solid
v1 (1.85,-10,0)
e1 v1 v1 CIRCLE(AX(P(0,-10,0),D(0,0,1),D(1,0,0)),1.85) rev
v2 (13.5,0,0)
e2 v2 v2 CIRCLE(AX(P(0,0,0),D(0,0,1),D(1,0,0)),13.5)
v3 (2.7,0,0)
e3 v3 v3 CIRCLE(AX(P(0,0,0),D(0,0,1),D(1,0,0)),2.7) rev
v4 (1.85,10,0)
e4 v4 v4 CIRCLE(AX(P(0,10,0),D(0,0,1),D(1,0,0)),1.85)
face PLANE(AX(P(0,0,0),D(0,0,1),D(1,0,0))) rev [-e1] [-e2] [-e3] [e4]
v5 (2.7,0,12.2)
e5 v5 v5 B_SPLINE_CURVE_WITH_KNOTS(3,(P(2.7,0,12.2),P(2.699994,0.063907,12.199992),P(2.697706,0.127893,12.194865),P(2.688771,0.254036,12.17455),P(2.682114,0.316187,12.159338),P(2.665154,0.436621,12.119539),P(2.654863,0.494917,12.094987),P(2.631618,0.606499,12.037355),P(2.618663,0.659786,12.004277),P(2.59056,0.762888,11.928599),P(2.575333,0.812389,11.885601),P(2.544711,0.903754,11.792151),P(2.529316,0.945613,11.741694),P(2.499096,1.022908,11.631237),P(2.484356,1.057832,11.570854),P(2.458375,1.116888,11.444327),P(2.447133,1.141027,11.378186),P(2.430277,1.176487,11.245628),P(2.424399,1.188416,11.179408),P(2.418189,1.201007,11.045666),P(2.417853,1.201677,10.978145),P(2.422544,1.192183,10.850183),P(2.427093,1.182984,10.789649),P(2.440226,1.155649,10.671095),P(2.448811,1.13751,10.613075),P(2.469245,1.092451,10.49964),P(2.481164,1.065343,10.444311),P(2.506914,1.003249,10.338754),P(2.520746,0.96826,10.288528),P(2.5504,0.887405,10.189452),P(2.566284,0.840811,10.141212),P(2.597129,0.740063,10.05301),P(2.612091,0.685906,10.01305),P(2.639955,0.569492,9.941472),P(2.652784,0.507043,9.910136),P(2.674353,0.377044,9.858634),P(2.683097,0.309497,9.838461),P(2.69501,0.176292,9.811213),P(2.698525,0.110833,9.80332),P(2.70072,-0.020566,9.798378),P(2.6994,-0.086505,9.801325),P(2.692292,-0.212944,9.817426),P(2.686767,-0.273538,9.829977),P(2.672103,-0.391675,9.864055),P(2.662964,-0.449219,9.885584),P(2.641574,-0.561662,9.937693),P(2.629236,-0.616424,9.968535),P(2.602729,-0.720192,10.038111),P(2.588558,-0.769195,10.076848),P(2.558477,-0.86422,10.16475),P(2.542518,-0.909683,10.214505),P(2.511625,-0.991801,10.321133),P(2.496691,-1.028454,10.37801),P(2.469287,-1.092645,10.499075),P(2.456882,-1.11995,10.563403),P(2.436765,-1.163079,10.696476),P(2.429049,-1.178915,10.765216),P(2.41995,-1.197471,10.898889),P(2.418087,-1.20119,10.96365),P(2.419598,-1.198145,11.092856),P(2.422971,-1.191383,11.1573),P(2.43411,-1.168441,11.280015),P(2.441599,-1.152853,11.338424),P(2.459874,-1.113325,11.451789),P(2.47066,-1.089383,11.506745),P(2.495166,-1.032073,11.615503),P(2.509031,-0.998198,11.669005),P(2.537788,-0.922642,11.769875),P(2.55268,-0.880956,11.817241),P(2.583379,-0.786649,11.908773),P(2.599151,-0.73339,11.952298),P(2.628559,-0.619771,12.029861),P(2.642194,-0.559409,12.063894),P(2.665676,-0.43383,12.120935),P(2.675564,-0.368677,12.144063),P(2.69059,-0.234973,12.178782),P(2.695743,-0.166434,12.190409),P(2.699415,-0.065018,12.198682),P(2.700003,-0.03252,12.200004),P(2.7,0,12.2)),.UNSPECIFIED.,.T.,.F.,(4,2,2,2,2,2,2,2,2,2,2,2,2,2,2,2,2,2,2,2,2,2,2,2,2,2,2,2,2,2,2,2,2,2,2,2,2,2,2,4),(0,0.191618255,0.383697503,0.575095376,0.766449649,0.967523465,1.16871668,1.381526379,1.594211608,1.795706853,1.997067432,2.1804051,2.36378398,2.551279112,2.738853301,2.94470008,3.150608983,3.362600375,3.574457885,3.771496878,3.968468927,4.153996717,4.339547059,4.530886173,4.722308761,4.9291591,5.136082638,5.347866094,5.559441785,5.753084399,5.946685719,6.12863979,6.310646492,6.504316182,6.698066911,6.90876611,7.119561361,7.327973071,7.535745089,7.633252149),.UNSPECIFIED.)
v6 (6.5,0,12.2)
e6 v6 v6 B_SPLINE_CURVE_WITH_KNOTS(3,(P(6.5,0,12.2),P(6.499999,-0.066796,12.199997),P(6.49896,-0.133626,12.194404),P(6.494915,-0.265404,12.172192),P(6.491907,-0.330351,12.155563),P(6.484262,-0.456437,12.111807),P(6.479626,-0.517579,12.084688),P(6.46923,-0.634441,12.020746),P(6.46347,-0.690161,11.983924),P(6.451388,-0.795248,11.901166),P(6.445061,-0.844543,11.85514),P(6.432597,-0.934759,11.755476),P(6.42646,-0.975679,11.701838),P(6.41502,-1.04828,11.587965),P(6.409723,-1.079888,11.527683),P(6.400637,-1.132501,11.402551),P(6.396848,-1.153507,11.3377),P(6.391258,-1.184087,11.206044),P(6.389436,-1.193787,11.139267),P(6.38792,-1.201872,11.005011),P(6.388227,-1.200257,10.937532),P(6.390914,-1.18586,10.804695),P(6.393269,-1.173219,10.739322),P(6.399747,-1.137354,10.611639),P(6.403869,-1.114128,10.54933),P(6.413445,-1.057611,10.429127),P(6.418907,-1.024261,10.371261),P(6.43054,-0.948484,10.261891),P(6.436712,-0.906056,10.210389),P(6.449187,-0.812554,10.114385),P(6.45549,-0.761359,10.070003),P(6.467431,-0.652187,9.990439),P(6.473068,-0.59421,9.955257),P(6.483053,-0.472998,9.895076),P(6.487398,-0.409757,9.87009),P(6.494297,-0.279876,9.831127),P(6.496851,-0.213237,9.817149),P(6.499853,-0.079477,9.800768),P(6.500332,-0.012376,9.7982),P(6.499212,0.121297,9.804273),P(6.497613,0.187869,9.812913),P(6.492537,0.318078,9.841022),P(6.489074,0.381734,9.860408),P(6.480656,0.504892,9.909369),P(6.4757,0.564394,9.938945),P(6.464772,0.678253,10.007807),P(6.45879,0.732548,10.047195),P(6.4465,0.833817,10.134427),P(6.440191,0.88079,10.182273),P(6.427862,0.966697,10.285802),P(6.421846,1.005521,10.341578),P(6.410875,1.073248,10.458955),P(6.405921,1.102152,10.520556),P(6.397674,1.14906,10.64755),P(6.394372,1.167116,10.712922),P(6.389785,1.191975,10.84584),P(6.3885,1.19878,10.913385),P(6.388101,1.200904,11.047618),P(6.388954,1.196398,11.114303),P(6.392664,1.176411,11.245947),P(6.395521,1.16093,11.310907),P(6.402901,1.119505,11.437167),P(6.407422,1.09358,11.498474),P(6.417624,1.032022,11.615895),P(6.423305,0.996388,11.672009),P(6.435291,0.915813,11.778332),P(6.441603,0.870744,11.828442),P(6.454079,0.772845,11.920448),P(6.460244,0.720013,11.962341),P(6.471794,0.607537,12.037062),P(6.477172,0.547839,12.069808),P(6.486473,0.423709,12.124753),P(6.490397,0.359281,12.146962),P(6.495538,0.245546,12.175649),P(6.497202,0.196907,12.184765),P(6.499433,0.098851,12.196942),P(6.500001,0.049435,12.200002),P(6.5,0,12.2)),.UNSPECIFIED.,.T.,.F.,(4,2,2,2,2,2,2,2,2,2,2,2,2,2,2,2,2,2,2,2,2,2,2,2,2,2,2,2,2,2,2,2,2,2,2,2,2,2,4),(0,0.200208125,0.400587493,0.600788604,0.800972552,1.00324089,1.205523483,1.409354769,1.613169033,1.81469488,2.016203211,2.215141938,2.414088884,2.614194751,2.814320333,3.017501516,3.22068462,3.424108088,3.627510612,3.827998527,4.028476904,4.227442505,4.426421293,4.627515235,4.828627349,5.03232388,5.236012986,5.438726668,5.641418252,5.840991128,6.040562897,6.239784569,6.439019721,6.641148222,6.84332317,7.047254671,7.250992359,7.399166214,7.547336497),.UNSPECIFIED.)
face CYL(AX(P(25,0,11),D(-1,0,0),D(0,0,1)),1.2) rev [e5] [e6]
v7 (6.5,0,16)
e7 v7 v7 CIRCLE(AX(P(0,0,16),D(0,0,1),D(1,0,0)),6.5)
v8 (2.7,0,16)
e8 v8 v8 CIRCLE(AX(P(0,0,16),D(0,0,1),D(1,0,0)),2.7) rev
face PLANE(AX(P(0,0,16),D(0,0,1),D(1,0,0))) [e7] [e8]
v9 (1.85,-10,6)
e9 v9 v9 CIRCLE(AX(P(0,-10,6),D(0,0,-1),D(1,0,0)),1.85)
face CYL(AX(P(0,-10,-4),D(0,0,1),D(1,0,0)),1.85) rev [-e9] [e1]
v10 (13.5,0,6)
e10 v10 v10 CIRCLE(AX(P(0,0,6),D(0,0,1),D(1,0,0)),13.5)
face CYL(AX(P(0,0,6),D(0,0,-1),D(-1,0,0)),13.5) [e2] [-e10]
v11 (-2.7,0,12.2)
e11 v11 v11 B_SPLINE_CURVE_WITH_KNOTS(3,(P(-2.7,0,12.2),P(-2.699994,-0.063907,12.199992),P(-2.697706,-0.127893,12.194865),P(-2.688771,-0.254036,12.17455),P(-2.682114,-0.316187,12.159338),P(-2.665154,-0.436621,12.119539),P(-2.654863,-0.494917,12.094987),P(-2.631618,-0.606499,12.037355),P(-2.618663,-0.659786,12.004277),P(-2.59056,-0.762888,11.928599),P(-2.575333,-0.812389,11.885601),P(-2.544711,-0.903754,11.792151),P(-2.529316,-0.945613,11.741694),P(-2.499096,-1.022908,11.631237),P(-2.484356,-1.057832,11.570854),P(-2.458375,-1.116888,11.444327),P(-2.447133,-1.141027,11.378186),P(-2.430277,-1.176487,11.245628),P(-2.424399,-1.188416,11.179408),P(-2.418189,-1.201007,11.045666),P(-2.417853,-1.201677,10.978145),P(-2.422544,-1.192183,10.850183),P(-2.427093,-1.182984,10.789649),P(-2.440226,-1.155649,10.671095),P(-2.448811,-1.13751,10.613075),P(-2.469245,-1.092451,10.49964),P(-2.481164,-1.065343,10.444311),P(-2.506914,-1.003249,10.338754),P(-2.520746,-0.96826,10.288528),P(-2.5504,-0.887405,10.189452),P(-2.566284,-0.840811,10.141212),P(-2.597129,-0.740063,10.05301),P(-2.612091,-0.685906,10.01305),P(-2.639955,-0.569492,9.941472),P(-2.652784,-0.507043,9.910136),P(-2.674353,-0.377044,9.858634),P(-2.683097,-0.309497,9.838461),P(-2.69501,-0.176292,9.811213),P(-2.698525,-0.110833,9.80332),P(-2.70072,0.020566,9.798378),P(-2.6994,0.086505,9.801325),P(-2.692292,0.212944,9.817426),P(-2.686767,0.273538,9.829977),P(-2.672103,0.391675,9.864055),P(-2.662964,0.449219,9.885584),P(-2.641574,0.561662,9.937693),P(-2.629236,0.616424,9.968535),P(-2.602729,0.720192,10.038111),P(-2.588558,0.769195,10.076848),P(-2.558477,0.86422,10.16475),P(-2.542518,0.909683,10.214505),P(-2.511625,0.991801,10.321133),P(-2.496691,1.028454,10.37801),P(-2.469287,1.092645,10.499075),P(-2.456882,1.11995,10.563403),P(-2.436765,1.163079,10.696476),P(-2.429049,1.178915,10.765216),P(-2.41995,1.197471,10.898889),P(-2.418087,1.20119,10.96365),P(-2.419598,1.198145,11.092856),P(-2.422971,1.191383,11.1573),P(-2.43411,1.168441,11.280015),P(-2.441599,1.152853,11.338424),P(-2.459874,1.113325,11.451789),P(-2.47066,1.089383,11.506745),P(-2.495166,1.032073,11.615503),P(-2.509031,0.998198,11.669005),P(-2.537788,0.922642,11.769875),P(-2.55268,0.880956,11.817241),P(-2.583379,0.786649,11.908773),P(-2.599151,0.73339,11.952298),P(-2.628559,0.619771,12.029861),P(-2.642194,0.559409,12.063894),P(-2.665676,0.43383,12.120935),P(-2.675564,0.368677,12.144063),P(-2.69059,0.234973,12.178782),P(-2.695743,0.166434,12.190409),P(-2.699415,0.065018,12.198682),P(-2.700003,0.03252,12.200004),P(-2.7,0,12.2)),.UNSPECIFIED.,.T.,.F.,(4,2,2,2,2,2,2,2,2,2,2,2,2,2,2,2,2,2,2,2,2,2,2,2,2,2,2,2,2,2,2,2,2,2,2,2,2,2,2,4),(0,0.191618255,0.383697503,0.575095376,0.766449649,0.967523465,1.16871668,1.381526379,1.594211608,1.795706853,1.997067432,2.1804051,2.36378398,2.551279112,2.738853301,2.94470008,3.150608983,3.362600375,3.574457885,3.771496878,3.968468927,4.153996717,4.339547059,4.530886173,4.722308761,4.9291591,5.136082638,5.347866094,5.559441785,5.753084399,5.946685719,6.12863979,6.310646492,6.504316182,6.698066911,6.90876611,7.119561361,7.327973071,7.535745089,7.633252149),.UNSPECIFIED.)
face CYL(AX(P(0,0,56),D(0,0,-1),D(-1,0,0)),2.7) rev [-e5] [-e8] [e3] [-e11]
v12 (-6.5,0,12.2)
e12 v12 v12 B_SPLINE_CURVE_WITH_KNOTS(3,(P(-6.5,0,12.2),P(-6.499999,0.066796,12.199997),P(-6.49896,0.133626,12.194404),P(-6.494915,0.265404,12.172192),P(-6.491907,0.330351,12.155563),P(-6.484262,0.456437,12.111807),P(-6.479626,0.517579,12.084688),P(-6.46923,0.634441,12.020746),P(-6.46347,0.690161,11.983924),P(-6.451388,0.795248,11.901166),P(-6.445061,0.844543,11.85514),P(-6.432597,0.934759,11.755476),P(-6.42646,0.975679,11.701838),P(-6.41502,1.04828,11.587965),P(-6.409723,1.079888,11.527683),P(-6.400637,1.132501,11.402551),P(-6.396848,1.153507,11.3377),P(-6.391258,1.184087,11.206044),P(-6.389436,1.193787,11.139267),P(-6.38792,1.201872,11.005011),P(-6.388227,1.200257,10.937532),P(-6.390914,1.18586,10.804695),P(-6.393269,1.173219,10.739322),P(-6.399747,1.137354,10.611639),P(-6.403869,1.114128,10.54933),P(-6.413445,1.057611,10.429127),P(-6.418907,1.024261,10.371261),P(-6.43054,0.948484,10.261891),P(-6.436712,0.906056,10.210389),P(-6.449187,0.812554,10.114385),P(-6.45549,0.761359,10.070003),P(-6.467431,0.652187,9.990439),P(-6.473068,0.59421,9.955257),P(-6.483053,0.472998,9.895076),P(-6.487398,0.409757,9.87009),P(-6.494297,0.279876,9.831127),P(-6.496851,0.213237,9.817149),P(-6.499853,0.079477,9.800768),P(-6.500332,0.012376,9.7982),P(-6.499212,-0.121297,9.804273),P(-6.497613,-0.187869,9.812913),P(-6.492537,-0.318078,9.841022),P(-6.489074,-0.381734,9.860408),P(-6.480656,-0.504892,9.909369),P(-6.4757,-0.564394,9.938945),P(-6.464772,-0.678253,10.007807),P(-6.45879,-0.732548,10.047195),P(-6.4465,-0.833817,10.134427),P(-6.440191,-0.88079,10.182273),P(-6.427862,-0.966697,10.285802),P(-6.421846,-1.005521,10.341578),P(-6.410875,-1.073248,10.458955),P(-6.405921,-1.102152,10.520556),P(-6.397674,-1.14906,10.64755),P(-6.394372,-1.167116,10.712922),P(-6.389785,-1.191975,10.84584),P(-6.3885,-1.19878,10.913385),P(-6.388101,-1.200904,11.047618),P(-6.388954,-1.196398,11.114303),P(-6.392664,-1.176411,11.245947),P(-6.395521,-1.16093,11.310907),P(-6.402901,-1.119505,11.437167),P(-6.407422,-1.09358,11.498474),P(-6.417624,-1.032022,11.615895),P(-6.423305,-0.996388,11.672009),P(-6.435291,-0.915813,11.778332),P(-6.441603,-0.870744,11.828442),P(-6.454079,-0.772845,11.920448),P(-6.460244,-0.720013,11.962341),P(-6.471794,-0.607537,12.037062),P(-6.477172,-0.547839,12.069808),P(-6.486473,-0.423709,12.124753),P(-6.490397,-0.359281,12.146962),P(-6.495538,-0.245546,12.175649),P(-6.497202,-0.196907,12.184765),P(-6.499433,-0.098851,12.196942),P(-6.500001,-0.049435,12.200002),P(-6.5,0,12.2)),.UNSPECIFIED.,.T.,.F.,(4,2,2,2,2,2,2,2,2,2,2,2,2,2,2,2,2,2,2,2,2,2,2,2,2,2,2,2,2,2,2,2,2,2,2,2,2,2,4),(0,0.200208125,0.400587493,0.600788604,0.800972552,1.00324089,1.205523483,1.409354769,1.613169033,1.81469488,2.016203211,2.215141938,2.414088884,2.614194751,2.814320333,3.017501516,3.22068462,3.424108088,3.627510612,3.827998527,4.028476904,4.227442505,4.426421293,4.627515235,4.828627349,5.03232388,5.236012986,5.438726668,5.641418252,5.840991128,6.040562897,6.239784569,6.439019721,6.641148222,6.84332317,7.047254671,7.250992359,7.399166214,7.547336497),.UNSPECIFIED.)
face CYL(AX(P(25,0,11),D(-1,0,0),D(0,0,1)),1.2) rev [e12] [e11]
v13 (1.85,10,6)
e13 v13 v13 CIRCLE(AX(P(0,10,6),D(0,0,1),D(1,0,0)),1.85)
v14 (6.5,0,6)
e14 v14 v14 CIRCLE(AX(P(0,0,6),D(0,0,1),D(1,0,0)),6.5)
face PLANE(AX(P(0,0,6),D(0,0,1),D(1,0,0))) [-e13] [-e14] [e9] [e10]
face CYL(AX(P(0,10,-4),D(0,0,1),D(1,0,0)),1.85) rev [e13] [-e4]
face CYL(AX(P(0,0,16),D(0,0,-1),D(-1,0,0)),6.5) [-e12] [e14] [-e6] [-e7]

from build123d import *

# Parameters (mm, degrees)
SKETCH2_R               = 13.5
BOSS_EXTRUDE1_DEPTH     = 6
SKETCH3_R               = 6.5
SKETCH3_R_2             = 2.5
BOSS_EXTRUDE2_DEPTH     = 10
CUT_EXTRUDE1_DEPTH      = 25
CUT_EXTRUDE1_DEPTH_BACK = 25
SKETCH4_R               = 1.2
CUT_EXTRUDE3_DEPTH      = 50
CUT_EXTRUDE3_DEPTH_BACK = 20
SKETCH6_R               = 2.7
SKETCH5_R               = 1.85
CUT_EXTRUDE4_DEPTH      = 10


with BuildPart() as part:
    # Sketch2 → Boss-Extrude1 (new body)
    with BuildSketch(Plane.XY):
        Circle(SKETCH2_R)
    extrude(amount=BOSS_EXTRUDE1_DEPTH)

    # Sketch3 → Boss-Extrude2 (add)
    with BuildSketch(Plane.XY.offset(6)):
        Circle(SKETCH3_R)
        Circle(SKETCH3_R_2, mode=Mode.SUBTRACT)
    extrude(amount=BOSS_EXTRUDE2_DEPTH)

    # Sketch4 → Cut-Extrude1 (cut, two sides: drawn at the far end of the back side and taken through both)
    with BuildSketch(Plane(origin=(0, 0, 0), x_dir=(0, -1, 0), z_dir=(1, 0, 0)).offset(-CUT_EXTRUDE1_DEPTH_BACK)):
        with Locations((0, -11)):
            Circle(SKETCH4_R)
    extrude(amount=CUT_EXTRUDE1_DEPTH + CUT_EXTRUDE1_DEPTH_BACK, mode=Mode.SUBTRACT)

    # Sketch6 → Cut-Extrude3 (cut, two sides: drawn at the far end of the back side and taken through both)
    with BuildSketch(Plane.XY.offset(6).offset(-CUT_EXTRUDE3_DEPTH_BACK)):
        Circle(SKETCH6_R)
    extrude(amount=CUT_EXTRUDE3_DEPTH + CUT_EXTRUDE3_DEPTH_BACK, mode=Mode.SUBTRACT)

    # Sketch5 → Cut-Extrude4 (cut)
    with BuildSketch(Plane.XY.offset(6)):
        with Locations((0, 10)):
            Circle(SKETCH5_R)
    cut_extrude4 = extrude(amount=-CUT_EXTRUDE4_DEPTH, mode=Mode.SUBTRACT)

    # Mirror1: Cut-Extrude4 across plane
    add(cut_extrude4.mirror(Plane.ZX), mode=Mode.SUBTRACT)


solid = part.part
